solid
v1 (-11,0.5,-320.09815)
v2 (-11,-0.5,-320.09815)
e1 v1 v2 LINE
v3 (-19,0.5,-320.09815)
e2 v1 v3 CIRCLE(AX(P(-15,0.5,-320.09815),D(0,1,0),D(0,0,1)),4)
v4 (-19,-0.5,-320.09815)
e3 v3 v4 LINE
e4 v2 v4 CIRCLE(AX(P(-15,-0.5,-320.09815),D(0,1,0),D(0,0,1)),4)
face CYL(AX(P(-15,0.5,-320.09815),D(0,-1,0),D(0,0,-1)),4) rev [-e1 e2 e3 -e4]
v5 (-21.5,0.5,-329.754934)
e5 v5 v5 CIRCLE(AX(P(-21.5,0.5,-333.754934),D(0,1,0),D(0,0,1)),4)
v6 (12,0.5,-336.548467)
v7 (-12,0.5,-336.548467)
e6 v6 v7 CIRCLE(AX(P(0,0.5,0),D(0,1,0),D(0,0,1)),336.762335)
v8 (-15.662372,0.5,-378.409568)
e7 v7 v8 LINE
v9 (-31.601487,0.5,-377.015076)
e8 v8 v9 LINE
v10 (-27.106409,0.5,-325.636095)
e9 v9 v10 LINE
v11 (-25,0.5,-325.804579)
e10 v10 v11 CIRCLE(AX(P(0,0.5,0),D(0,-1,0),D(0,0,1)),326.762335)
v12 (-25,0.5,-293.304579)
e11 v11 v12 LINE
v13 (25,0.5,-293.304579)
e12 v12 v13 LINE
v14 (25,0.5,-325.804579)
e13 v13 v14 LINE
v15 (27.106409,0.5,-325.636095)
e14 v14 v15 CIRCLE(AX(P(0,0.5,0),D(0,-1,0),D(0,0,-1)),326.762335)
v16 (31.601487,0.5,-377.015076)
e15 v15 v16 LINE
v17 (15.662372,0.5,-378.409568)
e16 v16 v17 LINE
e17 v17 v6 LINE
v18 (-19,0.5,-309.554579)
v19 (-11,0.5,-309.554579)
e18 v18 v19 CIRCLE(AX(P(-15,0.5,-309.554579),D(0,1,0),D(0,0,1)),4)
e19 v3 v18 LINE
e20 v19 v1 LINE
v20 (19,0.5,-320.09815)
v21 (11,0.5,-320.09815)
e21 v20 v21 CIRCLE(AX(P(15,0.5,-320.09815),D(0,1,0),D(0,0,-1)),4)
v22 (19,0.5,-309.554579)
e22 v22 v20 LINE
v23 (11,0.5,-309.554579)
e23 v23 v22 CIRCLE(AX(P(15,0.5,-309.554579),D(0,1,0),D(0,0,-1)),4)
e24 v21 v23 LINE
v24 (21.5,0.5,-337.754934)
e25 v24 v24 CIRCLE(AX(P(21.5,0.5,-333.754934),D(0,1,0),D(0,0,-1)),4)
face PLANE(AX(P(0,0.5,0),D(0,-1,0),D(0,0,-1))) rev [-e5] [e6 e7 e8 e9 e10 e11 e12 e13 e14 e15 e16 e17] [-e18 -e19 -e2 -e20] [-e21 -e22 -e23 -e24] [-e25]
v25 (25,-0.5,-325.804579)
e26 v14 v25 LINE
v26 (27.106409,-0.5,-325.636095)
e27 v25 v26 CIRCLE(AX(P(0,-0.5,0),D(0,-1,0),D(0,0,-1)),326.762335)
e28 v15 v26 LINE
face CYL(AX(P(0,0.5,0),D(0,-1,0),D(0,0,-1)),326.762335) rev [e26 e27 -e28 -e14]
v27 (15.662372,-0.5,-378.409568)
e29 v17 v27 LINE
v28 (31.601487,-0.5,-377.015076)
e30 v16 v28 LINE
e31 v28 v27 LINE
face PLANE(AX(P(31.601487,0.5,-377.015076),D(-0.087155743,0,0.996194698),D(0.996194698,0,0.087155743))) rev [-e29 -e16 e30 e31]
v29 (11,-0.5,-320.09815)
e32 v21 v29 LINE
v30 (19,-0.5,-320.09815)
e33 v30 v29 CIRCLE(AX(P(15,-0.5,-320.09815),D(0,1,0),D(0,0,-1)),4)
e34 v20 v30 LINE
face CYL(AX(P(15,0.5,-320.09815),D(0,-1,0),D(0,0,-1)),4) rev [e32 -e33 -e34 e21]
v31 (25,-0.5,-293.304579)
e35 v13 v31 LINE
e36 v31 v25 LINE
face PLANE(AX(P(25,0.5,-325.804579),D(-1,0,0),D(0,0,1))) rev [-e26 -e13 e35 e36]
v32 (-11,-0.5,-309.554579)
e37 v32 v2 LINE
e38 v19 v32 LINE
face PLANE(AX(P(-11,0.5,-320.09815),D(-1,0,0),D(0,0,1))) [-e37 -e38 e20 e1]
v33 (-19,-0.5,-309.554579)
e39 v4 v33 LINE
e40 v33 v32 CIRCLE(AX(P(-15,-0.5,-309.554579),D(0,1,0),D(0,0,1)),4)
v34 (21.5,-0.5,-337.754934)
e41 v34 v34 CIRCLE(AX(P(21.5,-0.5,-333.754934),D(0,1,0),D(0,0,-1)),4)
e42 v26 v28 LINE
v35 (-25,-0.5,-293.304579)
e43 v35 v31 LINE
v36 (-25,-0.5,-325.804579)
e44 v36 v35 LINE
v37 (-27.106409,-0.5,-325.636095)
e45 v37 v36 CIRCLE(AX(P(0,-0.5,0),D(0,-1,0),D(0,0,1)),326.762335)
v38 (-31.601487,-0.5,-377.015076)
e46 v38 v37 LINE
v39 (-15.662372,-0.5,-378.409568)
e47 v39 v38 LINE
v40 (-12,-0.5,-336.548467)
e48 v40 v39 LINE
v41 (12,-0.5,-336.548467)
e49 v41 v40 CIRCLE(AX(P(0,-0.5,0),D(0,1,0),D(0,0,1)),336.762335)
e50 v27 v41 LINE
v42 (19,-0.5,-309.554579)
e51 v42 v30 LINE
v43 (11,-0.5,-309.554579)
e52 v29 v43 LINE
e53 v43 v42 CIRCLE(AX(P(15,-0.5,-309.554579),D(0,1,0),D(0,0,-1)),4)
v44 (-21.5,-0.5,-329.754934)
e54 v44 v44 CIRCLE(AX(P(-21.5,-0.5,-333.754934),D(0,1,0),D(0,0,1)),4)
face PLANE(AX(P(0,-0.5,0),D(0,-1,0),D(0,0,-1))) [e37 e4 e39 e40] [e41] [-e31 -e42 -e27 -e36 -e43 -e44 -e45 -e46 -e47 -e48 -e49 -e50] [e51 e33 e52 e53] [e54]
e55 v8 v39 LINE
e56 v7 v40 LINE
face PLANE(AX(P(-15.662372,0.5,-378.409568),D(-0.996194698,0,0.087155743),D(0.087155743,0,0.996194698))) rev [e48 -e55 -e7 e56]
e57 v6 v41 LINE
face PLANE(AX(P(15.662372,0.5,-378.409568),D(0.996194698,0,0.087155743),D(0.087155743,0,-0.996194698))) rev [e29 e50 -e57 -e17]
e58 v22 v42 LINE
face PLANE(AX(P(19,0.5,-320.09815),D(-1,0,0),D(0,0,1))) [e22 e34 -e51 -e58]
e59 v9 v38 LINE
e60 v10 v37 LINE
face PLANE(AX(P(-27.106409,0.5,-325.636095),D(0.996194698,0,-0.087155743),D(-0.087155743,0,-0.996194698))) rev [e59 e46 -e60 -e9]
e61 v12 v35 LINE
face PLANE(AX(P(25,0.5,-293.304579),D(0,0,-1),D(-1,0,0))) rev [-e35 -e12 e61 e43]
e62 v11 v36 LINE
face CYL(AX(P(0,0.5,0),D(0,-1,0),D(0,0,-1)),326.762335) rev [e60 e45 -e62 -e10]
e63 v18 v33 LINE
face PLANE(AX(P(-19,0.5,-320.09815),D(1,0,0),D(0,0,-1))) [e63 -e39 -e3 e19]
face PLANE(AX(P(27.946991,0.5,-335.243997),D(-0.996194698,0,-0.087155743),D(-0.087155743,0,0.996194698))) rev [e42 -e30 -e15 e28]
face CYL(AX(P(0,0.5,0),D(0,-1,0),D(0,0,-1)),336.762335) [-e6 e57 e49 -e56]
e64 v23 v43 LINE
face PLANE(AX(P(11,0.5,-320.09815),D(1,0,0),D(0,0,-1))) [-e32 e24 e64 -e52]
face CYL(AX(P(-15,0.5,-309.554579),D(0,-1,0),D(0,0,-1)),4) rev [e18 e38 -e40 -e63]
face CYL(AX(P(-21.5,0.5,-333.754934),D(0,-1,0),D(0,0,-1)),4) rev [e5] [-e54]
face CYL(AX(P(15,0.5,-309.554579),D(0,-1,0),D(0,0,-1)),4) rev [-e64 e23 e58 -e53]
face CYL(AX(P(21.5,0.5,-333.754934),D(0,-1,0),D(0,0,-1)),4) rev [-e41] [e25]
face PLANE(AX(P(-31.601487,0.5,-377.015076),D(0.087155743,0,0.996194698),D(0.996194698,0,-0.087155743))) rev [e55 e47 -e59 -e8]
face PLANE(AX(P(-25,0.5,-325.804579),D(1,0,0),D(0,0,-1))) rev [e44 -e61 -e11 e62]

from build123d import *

# Parameters (mm, degrees)
SKETCH1_R           = 4
BOSS_EXTRUDE1_DEPTH = 0.5


with BuildPart() as part:
    # Sketch1 → Boss-Extrude1 (new, symmetric)
    with BuildSketch(Plane(origin=(0, 0, 0), x_dir=(1, 0, 0), z_dir=(0, 1, 0))):
        with BuildLine():
            Line((25, 325.804578988), (25, 293.304578988))
            Line((25, 293.304578988), (-25, 293.304578988))
            Line((-25, 293.304578988), (-25, 325.804578988))
            ThreePointArc((-25, 325.804578988), (-26.053340487, 325.722039688), (-27.106408582, 325.636094902))
            Line((-27.106408582, 325.636094902), (-27.946991052, 335.243996502))
            Line((-27.946991052, 335.243996502), (-31.601486967, 377.015075947))
            Line((-31.601486967, 377.015075947), (-15.662371798, 378.409567831))
            Line((-15.662371798, 378.409567831), (-12, 336.548466633))
            ThreePointArc((-12, 336.548466633), (0, 336.762335175), (12, 336.548466633))
            Line((12, 336.548466633), (15.662371798, 378.409567831))
            Line((15.662371798, 378.409567831), (31.601486967, 377.015075947))
            Line((31.601486967, 377.015075947), (27.946991052, 335.243996502))
            Line((27.946991052, 335.243996502), (27.106408582, 325.636094902))
            ThreePointArc((27.106408582, 325.636094902), (26.053340487, 325.722039688), (25, 325.804578988))
        make_face()
        with Locations(Location((-21.5, 333.754934474, 0), (0, 0, 270))):
            Circle(SKETCH1_R, mode=Mode.SUBTRACT)
        with Locations(Location((21.5, 333.754934474, 0), (0, 0, 90))):
            Circle(SKETCH1_R, mode=Mode.SUBTRACT)
        with BuildLine():
            Line((-19, 320.098149951), (-19, 309.554578988))
            ThreePointArc((-19, 309.554578988), (-15, 305.554578988), (-11, 309.554578988))
            Line((-11, 309.554578988), (-11, 320.098149951))
            ThreePointArc((-11, 320.098149951), (-15, 324.098149951), (-19, 320.098149951))
        make_face(mode=Mode.SUBTRACT)
        with BuildLine():
            Line((19, 320.098149951), (19, 309.554578988))
            ThreePointArc((19, 309.554578988), (15, 305.554578988), (11, 309.554578988))
            Line((11, 309.554578988), (11, 320.098149951))
            ThreePointArc((11, 320.098149951), (15, 324.098149951), (19, 320.098149951))
        make_face(mode=Mode.SUBTRACT)
    extrude(amount=BOSS_EXTRUDE1_DEPTH, both=True)


solid = part.part
